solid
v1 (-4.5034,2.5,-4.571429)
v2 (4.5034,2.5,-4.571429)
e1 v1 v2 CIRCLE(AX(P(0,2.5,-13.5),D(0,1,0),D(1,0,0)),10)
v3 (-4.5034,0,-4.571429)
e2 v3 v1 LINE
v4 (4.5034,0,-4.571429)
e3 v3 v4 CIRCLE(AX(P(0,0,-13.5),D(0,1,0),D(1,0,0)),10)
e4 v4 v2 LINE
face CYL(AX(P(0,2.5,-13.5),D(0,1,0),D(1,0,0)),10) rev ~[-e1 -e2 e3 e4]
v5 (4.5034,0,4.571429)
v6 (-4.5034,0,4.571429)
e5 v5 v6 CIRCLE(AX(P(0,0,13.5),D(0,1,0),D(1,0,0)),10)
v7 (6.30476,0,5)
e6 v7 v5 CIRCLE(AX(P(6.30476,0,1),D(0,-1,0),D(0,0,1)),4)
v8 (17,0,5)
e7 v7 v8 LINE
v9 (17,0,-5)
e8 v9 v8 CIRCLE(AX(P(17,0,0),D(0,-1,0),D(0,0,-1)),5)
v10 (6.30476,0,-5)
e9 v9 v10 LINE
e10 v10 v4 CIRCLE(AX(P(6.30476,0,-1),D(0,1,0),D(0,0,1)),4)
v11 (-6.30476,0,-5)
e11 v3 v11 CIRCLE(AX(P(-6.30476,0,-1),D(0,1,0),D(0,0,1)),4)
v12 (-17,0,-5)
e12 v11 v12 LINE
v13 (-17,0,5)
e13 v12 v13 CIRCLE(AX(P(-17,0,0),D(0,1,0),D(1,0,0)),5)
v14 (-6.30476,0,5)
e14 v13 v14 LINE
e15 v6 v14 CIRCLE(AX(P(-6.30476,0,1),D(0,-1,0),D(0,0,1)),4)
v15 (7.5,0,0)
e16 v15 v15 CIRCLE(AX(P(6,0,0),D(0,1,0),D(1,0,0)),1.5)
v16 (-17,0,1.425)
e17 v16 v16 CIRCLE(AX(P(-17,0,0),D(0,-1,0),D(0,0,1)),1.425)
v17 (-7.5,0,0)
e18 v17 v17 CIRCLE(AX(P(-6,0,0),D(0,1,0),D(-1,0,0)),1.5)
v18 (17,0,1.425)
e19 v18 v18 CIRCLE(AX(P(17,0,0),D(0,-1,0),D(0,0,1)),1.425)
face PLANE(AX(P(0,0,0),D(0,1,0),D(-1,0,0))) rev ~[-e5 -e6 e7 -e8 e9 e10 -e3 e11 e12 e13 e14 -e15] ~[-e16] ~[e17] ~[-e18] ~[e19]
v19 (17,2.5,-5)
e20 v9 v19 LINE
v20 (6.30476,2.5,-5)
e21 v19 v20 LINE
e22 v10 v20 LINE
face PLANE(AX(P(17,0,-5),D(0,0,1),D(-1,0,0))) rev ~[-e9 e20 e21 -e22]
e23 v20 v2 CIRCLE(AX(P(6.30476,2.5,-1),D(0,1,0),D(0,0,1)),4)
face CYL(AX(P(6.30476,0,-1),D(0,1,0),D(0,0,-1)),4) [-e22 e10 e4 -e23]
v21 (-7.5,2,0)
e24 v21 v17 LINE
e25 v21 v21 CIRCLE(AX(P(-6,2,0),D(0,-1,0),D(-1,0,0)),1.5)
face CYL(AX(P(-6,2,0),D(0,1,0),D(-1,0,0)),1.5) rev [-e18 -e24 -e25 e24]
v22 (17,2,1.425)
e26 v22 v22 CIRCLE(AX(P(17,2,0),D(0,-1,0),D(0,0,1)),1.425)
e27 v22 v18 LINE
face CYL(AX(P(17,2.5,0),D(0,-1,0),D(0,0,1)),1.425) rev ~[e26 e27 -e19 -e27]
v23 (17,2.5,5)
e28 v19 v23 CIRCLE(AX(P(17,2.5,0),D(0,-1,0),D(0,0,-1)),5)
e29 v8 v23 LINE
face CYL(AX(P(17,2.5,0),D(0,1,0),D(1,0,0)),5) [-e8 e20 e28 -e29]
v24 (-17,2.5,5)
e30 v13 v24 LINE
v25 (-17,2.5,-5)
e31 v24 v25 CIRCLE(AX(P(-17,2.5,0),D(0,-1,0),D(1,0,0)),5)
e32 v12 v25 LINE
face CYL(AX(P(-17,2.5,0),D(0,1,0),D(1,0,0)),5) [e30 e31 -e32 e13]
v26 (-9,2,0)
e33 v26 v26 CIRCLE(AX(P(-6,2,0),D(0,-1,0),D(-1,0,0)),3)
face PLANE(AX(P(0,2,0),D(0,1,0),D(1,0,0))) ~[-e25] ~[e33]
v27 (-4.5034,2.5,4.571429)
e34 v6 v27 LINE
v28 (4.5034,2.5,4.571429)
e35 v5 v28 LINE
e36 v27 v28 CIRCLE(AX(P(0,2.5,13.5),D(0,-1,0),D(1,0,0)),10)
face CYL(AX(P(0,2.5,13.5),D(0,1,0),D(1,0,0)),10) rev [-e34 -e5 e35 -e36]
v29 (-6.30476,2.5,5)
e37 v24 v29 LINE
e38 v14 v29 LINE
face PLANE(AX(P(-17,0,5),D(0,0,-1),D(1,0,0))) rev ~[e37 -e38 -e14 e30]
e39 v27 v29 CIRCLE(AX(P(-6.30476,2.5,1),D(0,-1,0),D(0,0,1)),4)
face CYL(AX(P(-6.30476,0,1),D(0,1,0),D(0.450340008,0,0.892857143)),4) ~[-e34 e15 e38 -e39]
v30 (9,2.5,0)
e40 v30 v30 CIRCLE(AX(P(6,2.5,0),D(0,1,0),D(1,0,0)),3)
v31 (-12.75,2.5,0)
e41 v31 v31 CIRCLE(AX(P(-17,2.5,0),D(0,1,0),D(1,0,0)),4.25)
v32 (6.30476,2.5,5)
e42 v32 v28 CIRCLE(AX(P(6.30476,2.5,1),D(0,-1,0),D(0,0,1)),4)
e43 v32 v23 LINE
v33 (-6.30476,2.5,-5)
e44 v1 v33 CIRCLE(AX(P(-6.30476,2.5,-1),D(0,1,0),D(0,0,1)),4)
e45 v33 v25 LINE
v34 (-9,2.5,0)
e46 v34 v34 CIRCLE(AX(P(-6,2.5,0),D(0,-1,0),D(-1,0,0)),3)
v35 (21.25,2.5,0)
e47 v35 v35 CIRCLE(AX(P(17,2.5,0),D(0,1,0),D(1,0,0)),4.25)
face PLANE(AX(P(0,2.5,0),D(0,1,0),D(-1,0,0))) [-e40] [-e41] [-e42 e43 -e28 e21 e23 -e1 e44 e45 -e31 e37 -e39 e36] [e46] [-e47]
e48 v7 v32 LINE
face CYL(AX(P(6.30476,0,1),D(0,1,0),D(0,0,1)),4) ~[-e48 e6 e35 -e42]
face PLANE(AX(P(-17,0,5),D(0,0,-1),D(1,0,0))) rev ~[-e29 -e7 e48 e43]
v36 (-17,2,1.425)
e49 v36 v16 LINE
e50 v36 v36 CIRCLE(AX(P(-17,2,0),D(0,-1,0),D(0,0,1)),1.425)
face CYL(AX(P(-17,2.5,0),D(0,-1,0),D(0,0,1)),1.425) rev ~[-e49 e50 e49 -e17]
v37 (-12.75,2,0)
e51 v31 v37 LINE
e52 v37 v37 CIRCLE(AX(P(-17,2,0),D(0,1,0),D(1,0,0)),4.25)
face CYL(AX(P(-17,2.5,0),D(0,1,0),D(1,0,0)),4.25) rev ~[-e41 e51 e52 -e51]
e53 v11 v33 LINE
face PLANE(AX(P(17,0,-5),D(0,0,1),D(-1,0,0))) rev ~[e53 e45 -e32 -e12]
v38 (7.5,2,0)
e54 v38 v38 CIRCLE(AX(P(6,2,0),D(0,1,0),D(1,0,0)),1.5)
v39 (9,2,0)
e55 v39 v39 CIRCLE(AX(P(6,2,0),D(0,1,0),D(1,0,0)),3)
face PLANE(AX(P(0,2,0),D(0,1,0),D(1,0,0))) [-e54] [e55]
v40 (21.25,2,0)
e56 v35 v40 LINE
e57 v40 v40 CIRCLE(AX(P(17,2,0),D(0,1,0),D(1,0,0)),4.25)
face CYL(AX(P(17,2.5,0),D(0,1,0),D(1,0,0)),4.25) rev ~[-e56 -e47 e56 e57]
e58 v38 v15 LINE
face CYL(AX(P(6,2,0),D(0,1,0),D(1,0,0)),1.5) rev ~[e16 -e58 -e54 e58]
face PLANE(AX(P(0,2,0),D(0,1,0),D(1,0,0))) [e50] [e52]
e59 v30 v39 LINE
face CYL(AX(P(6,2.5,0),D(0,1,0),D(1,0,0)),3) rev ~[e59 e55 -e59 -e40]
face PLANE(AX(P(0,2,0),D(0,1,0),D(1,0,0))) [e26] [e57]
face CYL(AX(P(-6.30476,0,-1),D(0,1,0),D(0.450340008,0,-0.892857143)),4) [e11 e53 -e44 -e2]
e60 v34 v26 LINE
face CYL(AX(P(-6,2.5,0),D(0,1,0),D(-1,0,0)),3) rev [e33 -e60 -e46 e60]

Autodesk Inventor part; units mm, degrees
ref_plane "YZ Plane" through (0, 0, 0) normal (1, 0, 0) x (0, 1, 0)
ref_plane "XZ Plane" through (0, 0, 0) normal (0, 1, 0) x (-1, 0, 0)
ref_plane "XY Plane" through (0, 0, 0) normal (0, 0, 1) x (1, 0, 0)
sketch "Sketch1" plane through (0, 0, 0) normal (0, 1, 0) x (-1, 0, 0)
  line L0 (17, 5) -> (-17, 5)
  line L1 (-17, 5) -> (-17, -5)
  line L2 (-17, -5) -> (17, -5)
  line L3 (17, -5) -> (17, 5)
  line L4 (17, 5) -> (-17, -5) construction
  line L5 (-17, 5) -> (17, -5) construction
  point P0 (0, 0)
  dimension "d0" = 34
  dimension "d1" = 10
extrude "Extrusion1" add sketch "Sketch1" along normal blind 2.5
sketch "Sketch2" plane through (0, 2.5, 0) normal (0, 1, 0) x (1, 0, 0)
  line L0 (-17, 5) -> (-17, -5) projected
  circle A0 centre (-17, 0) radius 5
  line L1 (17, -5) -> (17, 5) projected
  circle A1 centre (17, 0) radius 5
  point P0 (0, 0)
extrude "Extrusion2" add sketch "Sketch2" against normal blind 2.5
sketch "Sketch3" plane through (0, 2.5, 0) normal (0, 1, 0) x (1, 0, 0)
  arc A0 (-17, 5) -> (-17, -5) centre (-17, 0) ccw projected
  circle A1 centre (-17, 0) radius 1.5
  arc A2 (17, -5) -> (17, 5) centre (17, 0) ccw projected
  circle A3 centre (17, 0) radius 1.5
  point P0 (0, 0)
  dimension "d6" = 3
  dimension "d7" = 3
hole "Hole1" at (-17, 2.5, 0) at (17, 2.5, 0) direction (0, -1, 0) diameter 2.85 end through all thread size "M3.5x0.6" class "6H" standard "ISO Metric profile"
sketch "Sketch4" plane through (0, 2.5, 0) normal (0, 1, 0) x (1, 0, 0)
  circle A0 centre (-17, 0) radius 4.25
  arc A1 (-17, 5) -> (-17, -5) centre (-17, 0) ccw projected
  arc A2 (17, -5) -> (17, 5) centre (17, 0) ccw projected
  circle A3 centre (17, 0) radius 4.25
  point P0 (0, 0)
  dimension "d15" = 8.5
  dimension "d16" = 8.5
extrude "Extrusion3" cut sketch "Sketch4" against normal blind 0.5
sketch "Sketch5" plane through (0, 2.5, 0) normal (0, 1, 0) x (1, 0, 0)
  circle A0 centre (0, 5) radius 1.5
  circle A1 centre (0, -5) radius 1.5
  circle A2 centre (0, 13.5) radius 10
  point P0 (0, 0)
  dimension "d19" = 3
  dimension "d20" = 5
  dimension "d21" = 3
  dimension "d22" = 5
  dimension "d23" = 20
extrude "Extrusion4" cut sketch "Sketch5" against normal through all contours A0 | A2
mirror "Mirror1" about plane through (0, 0, 0) normal (0, 0, 1) of "Extrusion4"
sketch "Sketch6" plane through (0, 2.5, 0) normal (0, 1, 0) x (1, 0, 0)
  circle A0 centre (6, 0) radius 3
  point P0 (0, 0)
  dimension "d26" = 6
  dimension "d27" = 6
extrude "Extrusion5" cut sketch "Sketch6" against normal blind 0.5
sketch "Sketch7" plane through (6, 2, 0) normal (0, 1, 0) x (1, 0, 0)
  circle A0 centre (0, 0) radius 3 projected
  circle A1 centre (0, 0) radius 1.5
  point P0 (-6, 0)
  dimension "d30" = 3
extrude "Extrusion6" cut sketch "Sketch7" against normal through all contours A1
mirror "Mirror2" about plane through (0, 0, 0) normal (1, 0, 0) of "Extrusion5", "Extrusion6"
fillet "Fillet1" radius 4 4 edges at (5.2678, 1.25, 5) (-5.2678, 1.25, 5) (5.2678, 1.25, -5) (-5.2678, 1.25, -5)
properties part number "Tarot-mr4008-blade-adapter"
